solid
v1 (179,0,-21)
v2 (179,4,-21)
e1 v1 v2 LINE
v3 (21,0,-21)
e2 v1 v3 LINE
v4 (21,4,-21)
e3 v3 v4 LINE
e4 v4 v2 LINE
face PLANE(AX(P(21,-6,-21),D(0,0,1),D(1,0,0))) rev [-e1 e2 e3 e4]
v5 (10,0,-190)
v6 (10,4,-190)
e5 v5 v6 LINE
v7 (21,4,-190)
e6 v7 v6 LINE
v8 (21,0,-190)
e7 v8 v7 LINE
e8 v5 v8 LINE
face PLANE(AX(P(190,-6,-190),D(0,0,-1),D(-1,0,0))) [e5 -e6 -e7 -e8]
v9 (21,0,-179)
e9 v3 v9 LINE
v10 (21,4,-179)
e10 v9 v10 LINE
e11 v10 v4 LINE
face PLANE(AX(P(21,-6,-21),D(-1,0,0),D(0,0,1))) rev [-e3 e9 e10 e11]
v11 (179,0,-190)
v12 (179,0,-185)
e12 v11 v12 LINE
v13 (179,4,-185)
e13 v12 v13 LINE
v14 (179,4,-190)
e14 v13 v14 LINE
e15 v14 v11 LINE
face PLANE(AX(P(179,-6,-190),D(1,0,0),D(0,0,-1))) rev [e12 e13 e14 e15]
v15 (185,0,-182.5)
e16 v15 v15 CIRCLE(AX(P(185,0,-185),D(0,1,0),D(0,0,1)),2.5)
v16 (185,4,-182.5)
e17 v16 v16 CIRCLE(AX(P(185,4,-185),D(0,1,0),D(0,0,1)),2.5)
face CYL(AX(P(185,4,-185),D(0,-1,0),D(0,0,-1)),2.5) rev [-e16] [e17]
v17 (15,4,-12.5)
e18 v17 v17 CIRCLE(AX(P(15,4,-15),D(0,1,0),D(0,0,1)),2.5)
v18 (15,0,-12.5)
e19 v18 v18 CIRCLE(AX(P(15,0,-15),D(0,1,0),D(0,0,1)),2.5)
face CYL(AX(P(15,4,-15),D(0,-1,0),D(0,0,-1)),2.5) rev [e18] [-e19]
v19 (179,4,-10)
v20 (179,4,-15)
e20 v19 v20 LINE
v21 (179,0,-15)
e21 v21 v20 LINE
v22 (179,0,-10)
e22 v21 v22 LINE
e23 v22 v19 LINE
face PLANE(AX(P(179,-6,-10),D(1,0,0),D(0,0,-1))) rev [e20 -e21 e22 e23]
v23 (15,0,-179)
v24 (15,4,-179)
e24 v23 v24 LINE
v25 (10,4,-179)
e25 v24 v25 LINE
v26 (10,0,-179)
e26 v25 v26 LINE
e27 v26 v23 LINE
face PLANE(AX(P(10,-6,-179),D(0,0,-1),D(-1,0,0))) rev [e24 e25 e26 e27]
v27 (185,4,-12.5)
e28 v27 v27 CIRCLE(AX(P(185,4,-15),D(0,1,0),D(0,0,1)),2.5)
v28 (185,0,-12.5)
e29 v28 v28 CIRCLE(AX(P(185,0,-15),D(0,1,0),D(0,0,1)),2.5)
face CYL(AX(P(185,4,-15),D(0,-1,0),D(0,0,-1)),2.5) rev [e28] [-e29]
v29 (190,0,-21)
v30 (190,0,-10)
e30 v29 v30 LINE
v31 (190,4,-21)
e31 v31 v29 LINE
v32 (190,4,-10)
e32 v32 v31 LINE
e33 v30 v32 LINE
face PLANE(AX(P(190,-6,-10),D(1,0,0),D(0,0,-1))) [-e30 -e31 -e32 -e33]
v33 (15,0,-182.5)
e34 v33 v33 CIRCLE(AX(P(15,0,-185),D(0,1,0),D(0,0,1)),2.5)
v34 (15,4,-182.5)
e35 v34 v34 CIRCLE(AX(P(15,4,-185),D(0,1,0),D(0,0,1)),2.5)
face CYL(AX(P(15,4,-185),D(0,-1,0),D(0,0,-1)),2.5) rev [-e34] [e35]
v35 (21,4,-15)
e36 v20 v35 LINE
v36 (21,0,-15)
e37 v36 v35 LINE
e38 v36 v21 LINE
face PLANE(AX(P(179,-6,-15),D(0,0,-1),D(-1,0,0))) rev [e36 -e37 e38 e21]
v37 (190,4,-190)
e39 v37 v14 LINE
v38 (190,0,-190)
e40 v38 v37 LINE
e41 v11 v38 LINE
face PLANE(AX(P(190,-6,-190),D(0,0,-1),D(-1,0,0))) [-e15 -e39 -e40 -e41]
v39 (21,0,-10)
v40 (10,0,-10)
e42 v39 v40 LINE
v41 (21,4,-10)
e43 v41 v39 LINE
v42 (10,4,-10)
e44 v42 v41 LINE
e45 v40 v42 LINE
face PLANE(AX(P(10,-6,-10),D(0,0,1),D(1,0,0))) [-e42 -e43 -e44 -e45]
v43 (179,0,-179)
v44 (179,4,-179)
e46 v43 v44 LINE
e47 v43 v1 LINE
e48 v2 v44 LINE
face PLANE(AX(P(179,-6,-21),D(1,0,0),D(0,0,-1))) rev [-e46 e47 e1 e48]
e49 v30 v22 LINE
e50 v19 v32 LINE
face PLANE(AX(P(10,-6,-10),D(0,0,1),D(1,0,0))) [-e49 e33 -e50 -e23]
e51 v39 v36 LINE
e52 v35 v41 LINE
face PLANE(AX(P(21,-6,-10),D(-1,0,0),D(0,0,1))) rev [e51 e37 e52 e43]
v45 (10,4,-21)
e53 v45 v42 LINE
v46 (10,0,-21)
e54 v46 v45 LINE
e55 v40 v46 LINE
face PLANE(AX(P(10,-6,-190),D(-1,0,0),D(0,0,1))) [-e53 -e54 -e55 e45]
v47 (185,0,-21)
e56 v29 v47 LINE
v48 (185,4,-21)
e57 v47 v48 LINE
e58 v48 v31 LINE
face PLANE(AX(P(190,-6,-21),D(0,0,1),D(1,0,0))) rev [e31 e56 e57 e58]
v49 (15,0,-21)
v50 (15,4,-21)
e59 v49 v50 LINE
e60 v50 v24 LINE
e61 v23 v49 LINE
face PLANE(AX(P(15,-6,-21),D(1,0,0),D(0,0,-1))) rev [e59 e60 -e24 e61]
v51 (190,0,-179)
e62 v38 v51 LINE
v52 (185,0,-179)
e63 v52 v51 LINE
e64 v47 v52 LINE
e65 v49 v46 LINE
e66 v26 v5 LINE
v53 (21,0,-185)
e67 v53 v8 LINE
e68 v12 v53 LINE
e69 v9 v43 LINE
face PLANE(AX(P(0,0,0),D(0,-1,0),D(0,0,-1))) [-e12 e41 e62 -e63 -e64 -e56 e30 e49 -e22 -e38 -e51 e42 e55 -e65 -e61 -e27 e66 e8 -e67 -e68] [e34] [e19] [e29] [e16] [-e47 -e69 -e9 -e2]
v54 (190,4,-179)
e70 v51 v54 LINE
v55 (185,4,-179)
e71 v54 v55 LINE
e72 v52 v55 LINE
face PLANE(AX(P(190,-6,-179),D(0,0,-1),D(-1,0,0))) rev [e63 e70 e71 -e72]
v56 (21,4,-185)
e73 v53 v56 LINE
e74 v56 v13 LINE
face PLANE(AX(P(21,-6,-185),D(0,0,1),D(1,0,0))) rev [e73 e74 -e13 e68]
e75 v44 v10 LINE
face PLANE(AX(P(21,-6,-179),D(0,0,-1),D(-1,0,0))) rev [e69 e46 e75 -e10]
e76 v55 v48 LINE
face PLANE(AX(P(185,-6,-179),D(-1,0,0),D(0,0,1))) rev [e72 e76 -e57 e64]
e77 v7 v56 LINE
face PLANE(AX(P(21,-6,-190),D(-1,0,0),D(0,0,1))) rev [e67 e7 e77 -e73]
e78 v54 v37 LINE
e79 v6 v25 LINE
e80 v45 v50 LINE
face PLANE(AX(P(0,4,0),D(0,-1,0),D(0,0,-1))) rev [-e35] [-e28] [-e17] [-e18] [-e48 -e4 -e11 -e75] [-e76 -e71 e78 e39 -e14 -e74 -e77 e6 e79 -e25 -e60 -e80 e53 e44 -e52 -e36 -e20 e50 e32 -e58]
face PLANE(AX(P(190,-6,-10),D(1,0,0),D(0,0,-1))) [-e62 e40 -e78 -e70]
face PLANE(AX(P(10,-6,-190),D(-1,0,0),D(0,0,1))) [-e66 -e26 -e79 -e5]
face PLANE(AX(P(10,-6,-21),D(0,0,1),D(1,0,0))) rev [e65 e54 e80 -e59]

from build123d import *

# Parameters (mm, degrees)
CROQUIS1_W              = 200
CROQUIS1_H              = 200
CROQUIS1_R              = 2.5
SALIENTE_EXTRUIR1_DEPTH = 4
CROQUIS2_W              = 158
CROQUIS2_H              = 158
CORTAR_EXTRUIR1_DEPTH   = 10
CROQUIS3_W              = 200
CROQUIS3_H              = 200
CROQUIS3_W_2            = 180
CROQUIS3_H_2            = 180
CORTAR_EXTRUIR2_DEPTH   = 10
CROQUIS4_W              = 158
CROQUIS4_H              = 5
CROQUIS4_W_2            = 5
CROQUIS4_H_2            = 158
CORTAR_EXTRUIR3_DEPTH   = 10


with BuildPart() as part:
    # Croquis1 → Saliente-Extruir1 (new body)
    with BuildSketch(Plane(origin=(0, 0, 0), x_dir=(1, 0, 0), z_dir=(0, 1, 0))):
        with Locations((100, 100)):
            Rectangle(CROQUIS1_W, CROQUIS1_H)
        with Locations(Location((15, 185, 0), (0, 0, 270))):
            Circle(CROQUIS1_R, mode=Mode.SUBTRACT)
        with Locations(Location((185, 185, 0), (0, 0, 270))):
            Circle(CROQUIS1_R, mode=Mode.SUBTRACT)
        with Locations(Location((185, 15, 0), (0, 0, 270))):
            Circle(CROQUIS1_R, mode=Mode.SUBTRACT)
        with Locations(Location((15, 15, 0), (0, 0, 270))):
            Circle(CROQUIS1_R, mode=Mode.SUBTRACT)
    extrude(amount=SALIENTE_EXTRUIR1_DEPTH)

    # Croquis2 → Cortar-Extruir1 (cut)
    with BuildSketch(Plane(origin=(0, 4, 0), x_dir=(1, 0, 0), z_dir=(0, 1, 0))):
        with Locations((100, 100)):
            Rectangle(CROQUIS2_W, CROQUIS2_H)
    extrude(amount=-CORTAR_EXTRUIR1_DEPTH, mode=Mode.SUBTRACT)

    # Croquis3 → Cortar-Extruir2 (cut)
    with BuildSketch(Plane(origin=(0, 4, 0), x_dir=(1, 0, 0), z_dir=(0, 1, 0))):
        with Locations((100, 100)):
            Rectangle(CROQUIS3_W, CROQUIS3_H)
        with Locations((100, 100)):
            Rectangle(CROQUIS3_W_2, CROQUIS3_H_2, mode=Mode.SUBTRACT)
    extrude(amount=-CORTAR_EXTRUIR2_DEPTH, mode=Mode.SUBTRACT)

    # Croquis4 → Cortar-Extruir3 (cut)
    with BuildSketch(Plane(origin=(0, 4, 0), x_dir=(1, 0, 0), z_dir=(0, 1, 0))):
        with Locations((100, 187.5)):
            Rectangle(CROQUIS4_W, CROQUIS4_H)
        with Locations((187.5, 100)):
            Rectangle(CROQUIS4_W_2, CROQUIS4_H_2)
        with Locations((100, 12.5)):
            Rectangle(CROQUIS4_W, CROQUIS4_H)
        with Locations((12.5, 100)):
            Rectangle(CROQUIS4_W_2, CROQUIS4_H_2)
    extrude(amount=-CORTAR_EXTRUIR3_DEPTH, mode=Mode.SUBTRACT)


solid = part.part
